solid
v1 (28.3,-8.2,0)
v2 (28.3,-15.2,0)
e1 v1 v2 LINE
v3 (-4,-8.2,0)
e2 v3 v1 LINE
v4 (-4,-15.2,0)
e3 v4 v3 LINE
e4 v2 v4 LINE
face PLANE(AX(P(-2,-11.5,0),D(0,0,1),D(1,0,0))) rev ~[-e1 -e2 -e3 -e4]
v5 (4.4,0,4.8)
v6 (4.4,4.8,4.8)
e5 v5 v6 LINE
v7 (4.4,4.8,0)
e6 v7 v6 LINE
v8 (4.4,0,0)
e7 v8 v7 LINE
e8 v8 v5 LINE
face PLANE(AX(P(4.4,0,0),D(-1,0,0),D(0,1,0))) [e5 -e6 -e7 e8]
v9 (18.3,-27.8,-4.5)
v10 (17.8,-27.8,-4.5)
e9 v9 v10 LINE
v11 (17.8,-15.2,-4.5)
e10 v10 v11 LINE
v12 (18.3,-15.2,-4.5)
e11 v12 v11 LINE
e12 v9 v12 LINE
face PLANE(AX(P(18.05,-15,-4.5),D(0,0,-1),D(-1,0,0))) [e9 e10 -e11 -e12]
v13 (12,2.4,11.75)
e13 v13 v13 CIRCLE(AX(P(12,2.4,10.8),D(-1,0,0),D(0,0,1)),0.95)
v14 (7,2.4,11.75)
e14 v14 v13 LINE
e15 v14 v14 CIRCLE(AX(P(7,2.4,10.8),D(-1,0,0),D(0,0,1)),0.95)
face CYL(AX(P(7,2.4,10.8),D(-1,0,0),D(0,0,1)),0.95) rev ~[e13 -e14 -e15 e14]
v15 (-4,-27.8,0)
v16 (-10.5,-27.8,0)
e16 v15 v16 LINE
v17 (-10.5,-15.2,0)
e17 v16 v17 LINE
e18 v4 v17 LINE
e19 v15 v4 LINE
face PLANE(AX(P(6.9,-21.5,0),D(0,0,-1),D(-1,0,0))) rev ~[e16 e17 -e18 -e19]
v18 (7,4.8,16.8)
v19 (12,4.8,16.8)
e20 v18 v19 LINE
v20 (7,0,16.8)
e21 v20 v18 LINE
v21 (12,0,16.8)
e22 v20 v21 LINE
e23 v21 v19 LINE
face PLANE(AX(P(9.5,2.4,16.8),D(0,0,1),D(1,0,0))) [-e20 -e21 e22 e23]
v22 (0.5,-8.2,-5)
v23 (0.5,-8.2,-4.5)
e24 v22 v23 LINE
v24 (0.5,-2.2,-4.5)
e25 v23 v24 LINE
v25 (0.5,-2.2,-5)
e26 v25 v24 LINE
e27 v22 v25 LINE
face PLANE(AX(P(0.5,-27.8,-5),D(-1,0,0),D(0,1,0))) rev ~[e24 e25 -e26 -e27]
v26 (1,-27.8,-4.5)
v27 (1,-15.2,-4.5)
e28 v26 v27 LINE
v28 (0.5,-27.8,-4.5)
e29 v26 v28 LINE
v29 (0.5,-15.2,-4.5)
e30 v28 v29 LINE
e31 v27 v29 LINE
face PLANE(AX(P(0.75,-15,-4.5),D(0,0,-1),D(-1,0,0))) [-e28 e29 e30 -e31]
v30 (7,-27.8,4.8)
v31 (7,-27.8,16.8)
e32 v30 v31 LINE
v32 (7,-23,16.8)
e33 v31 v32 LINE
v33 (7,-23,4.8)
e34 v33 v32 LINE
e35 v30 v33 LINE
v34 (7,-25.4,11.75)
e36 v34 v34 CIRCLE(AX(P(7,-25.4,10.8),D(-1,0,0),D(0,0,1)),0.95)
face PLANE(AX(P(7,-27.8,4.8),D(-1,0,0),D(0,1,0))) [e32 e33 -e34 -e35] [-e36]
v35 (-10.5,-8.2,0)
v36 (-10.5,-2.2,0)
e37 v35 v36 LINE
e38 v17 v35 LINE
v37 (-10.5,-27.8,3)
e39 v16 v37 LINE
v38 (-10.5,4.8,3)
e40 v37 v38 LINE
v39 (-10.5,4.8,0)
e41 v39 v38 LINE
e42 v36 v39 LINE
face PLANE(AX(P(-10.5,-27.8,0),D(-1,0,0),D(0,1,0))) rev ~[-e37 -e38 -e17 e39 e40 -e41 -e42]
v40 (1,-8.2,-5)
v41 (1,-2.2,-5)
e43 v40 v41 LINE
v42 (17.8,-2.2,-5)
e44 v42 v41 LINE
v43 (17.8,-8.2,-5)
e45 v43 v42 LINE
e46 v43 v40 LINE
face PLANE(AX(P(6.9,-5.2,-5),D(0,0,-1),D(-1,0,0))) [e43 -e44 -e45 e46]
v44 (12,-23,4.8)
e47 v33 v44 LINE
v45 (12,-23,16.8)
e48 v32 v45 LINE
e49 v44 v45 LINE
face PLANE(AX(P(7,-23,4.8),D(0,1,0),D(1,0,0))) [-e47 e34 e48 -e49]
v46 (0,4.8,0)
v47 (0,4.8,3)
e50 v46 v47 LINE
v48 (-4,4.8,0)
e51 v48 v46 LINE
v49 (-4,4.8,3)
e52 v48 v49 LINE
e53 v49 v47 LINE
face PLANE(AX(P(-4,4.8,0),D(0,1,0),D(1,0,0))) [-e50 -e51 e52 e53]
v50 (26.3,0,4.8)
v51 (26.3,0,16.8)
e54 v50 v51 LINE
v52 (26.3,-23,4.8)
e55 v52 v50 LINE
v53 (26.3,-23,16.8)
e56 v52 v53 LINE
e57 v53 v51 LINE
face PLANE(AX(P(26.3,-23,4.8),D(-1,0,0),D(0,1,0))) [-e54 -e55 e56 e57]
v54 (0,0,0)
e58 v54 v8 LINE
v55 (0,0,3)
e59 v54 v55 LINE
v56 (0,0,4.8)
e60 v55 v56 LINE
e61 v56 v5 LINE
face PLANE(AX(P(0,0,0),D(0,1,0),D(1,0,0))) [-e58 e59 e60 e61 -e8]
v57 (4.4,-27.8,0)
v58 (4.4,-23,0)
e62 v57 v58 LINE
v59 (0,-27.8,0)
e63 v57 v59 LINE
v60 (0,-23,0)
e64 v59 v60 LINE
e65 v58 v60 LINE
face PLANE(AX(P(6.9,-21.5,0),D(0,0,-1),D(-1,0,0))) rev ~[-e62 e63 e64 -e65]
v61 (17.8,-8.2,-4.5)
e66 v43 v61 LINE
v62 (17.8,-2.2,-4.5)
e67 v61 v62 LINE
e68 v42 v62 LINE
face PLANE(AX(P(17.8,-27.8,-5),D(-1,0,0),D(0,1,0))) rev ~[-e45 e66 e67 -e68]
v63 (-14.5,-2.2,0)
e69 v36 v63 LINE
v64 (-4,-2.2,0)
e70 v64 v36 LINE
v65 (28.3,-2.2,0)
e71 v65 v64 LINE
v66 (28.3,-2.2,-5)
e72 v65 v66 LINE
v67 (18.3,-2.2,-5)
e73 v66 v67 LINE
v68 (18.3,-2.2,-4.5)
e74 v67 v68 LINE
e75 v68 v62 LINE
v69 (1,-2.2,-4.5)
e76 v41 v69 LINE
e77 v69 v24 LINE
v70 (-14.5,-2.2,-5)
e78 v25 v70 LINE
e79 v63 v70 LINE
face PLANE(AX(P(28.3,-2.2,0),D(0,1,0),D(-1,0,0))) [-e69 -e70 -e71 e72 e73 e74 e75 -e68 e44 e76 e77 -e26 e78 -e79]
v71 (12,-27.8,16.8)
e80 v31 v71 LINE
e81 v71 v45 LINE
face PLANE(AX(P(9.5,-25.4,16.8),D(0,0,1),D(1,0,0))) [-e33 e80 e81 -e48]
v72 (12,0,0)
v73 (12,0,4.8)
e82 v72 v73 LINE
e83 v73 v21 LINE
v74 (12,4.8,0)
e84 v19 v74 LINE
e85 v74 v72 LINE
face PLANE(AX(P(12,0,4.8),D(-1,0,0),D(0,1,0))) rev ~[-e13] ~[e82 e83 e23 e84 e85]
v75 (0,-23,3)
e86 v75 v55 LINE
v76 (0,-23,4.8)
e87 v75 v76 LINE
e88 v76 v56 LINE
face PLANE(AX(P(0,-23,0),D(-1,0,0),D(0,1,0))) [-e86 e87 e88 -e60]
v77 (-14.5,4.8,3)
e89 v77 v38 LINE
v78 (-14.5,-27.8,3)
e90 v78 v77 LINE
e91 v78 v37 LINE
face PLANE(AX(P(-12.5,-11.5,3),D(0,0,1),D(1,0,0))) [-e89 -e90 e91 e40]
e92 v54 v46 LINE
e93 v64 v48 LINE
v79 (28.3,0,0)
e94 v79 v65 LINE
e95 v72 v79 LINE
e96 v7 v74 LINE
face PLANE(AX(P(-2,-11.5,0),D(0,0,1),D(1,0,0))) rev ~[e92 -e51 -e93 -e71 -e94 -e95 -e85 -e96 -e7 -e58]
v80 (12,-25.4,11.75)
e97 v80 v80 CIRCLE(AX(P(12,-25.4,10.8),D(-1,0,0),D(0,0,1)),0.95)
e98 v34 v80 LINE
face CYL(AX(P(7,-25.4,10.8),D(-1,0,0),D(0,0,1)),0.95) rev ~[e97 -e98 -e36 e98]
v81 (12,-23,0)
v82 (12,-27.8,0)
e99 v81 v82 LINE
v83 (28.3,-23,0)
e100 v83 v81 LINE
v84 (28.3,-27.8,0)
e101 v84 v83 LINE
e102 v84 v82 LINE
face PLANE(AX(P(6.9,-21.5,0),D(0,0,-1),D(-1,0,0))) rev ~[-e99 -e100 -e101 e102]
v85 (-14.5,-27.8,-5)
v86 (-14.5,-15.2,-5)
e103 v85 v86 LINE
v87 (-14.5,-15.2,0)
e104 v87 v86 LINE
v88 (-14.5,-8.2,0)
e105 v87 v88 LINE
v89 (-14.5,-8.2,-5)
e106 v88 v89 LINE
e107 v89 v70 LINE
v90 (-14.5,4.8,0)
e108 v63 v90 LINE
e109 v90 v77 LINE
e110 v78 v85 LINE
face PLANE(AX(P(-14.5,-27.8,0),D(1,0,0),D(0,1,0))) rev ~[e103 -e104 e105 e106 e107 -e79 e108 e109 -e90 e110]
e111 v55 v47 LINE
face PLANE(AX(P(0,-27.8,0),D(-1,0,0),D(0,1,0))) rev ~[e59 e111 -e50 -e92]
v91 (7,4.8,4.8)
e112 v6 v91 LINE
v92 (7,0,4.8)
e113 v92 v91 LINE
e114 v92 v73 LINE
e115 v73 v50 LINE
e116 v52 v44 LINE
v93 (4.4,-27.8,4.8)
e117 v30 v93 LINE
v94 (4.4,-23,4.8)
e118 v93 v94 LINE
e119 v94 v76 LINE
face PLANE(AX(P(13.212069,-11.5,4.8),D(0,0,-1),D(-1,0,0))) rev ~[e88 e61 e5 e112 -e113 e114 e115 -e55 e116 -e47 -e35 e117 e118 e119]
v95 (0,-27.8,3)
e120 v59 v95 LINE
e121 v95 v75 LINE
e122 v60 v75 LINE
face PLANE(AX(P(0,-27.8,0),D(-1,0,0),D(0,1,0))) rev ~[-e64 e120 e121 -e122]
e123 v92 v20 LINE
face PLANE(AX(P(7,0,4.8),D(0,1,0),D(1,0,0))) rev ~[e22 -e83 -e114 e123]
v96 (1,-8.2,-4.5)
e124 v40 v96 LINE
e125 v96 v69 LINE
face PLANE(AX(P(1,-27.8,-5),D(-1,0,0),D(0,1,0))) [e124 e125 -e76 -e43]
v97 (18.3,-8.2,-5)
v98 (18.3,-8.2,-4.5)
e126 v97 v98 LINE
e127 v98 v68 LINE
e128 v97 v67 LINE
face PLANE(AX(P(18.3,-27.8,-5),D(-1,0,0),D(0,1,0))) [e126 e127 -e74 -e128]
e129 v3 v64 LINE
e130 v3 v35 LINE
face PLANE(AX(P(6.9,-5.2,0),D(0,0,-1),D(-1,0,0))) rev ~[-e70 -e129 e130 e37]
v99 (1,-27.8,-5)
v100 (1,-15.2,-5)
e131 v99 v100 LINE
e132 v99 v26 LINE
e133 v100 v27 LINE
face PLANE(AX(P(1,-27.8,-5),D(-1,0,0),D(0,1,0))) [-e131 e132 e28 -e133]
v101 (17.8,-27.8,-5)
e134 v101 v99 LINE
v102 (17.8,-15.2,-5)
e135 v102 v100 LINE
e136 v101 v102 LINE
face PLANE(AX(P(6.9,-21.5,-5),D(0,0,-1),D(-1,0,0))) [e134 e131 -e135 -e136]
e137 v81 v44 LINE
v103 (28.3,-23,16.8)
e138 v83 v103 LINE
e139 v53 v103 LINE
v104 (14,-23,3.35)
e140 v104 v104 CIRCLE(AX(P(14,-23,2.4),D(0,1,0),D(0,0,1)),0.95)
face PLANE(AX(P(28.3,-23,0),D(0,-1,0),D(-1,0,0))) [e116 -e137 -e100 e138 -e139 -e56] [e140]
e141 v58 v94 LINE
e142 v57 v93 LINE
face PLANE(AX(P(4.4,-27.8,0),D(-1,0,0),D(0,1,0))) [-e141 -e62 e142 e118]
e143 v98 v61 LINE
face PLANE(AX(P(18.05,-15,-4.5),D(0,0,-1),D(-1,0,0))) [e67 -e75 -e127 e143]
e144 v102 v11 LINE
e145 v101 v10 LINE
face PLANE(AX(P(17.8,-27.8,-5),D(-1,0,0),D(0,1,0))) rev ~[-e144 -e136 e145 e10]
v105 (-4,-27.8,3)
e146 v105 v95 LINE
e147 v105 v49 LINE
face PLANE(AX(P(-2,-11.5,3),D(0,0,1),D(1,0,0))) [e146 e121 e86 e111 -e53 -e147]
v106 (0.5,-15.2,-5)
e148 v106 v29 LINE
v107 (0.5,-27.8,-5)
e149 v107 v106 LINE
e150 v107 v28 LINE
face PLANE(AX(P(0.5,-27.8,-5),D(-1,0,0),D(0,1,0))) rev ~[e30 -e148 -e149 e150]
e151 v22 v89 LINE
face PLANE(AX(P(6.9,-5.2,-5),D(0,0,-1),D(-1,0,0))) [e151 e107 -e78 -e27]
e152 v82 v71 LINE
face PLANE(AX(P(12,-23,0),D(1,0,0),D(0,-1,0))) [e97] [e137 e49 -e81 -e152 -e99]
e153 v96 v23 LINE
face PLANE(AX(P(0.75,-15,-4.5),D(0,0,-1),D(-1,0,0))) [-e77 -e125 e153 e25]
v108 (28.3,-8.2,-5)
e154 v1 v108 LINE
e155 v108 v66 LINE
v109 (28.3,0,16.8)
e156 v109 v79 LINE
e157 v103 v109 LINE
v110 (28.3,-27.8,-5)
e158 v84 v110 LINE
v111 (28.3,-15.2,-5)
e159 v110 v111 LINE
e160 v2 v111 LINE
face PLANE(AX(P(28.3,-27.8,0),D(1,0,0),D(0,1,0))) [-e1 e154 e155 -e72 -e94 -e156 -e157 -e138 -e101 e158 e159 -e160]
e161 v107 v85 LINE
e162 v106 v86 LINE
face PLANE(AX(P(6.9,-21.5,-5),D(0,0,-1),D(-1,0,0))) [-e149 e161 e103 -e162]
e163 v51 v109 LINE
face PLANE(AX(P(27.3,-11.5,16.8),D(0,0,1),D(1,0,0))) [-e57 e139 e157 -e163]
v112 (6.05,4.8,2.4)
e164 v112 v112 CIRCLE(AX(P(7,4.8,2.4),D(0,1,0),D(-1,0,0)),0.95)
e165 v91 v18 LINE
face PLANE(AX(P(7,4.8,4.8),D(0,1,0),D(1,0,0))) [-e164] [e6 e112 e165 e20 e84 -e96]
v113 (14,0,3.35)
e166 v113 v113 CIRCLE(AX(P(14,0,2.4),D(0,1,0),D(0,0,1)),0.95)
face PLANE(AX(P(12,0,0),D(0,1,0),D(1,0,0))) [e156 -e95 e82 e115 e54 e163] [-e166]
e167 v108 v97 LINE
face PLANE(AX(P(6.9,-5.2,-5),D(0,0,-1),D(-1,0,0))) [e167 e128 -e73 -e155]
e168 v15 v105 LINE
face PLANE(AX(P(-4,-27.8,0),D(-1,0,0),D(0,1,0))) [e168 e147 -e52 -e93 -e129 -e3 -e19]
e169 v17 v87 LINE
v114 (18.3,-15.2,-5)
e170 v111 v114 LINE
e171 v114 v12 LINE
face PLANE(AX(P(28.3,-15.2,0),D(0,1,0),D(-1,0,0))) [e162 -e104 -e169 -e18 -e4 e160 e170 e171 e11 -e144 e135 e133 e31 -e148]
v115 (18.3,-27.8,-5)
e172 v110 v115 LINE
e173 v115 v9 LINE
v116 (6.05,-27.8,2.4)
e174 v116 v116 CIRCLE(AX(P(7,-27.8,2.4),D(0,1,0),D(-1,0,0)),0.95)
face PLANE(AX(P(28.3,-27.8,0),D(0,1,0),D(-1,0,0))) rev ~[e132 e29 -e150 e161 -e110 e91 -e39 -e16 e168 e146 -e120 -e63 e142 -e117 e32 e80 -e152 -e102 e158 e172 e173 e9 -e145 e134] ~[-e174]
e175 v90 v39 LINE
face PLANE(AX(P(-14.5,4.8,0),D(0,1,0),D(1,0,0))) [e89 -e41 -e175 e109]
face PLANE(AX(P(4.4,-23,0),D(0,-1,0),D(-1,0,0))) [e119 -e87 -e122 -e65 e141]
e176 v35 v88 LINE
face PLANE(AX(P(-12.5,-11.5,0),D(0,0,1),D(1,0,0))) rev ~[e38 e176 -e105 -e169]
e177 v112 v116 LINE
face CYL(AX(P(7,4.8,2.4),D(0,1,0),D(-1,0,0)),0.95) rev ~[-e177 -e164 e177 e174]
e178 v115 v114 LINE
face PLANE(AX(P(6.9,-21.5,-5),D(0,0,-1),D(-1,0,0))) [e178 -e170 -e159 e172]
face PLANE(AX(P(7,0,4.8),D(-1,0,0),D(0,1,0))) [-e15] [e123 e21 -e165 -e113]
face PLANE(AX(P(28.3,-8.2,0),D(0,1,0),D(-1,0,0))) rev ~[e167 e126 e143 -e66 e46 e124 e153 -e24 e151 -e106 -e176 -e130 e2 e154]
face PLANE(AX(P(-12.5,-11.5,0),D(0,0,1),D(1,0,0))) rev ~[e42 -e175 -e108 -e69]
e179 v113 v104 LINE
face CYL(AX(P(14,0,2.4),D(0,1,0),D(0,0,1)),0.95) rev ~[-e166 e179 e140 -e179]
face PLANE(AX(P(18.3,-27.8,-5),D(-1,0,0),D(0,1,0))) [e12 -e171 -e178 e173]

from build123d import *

# Parameters (mm, degrees)
EXTRUDE_1_DEPTH     = 4.8
SKETCH_2_W          = 5
SKETCH_2_H          = 4.8
SKETCH_2_W_2        = 2
SKETCH_2_H_2        = 23
EXTRUDE_2_DEPTH     = 12
SKETCH_3_R          = 0.95
CUT_EXTRUDE_1_DEPTH = 5
SKETCH_6_R          = 0.95
CUT_EXTRUDE_4_DEPTH = 32
SKETCH_7_W          = 42.8
SKETCH_7_H          = 6
EXTRUDE_3_DEPTH     = 5
SKETCH_8_W          = 4
SKETCH_8_H          = 32.6
EXTRUDE_4_DEPTH     = 3
SKETCH_9_W          = 42.8
SKETCH_9_H          = 12.6
EXTRUDE_6_DEPTH     = 5
SKETCH_11_R         = 0.95
CUT_EXTRUDE_5_DEPTH = 47.323752007
SKETCH_12_W         = 0.5
SKETCH_12_H         = 25.6
CUT_EXTRUDE_6_DEPTH = 0.5


with BuildPart() as part:
    # 草图1 → 凸台-拉伸1 (new body)
    with BuildSketch(Plane.XY):
        Polygon((12, 0), (28.3, 0), (28.3, -23), (12, -23), (12, -27.8), (4.4, -27.8), (4.4, -23), (0, -23), (0, 0), (4.4, 0), (4.4, 4.8), (12, 4.8), align=None)
    extrude(amount=EXTRUDE_1_DEPTH)

    # 草图2 → 凸台-拉伸2 (add)
    with BuildSketch(Plane.XY.offset(4.8)):
        with Locations((9.5, 2.4)):
            Rectangle(SKETCH_2_W, SKETCH_2_H)
        with Locations((9.5, -25.4)):
            Rectangle(SKETCH_2_W, SKETCH_2_H)
        with Locations((27.3, -11.5)):
            Rectangle(SKETCH_2_W_2, SKETCH_2_H_2)
    extrude(amount=EXTRUDE_2_DEPTH)

    # 草图3 → 切除-拉伸1 (cut)
    with BuildSketch(Plane.ZY.offset(-7)):
        with Locations((10.8, 2.4)):
            Circle(SKETCH_3_R)
        with Locations((10.8, -25.4)):
            Circle(SKETCH_3_R)
    extrude(amount=-CUT_EXTRUDE_1_DEPTH, mode=Mode.SUBTRACT)

    # 草图6 → 切除-拉伸4 (cut)
    with BuildSketch(Plane(origin=(0, 0, 0), x_dir=(1, 0, 0), z_dir=(0, 1, 0))):
        with Locations(Location((14, -2.4, 0), (0, 0, 270))):
            Circle(SKETCH_6_R)
    extrude(amount=-CUT_EXTRUDE_4_DEPTH, mode=Mode.SUBTRACT)

    # 草图7 → 凸台-拉伸3 (add)
    with BuildSketch(Plane(origin=(0, 0, 0), x_dir=(-1, 0, 0), z_dir=(0, 0, -1))):
        with Locations((-6.9, -5.2)):
            Rectangle(SKETCH_7_W, SKETCH_7_H)
    extrude(amount=EXTRUDE_3_DEPTH)

    # 草图8 → 凸台-拉伸4 (add)
    with BuildSketch(Plane.XY):
        with Locations((-2, -11.5)):
            Rectangle(SKETCH_8_W, SKETCH_8_H)
        with Locations((-12.5, -11.5)):
            Rectangle(SKETCH_8_W, SKETCH_8_H)
    extrude(amount=EXTRUDE_4_DEPTH)

    # 草图9 → 凸台-拉伸6 (add)
    with BuildSketch(Plane(origin=(0, 0, 0), x_dir=(-1, 0, 0), z_dir=(0, 0, -1))):
        with Locations((-6.9, -21.5)):
            Rectangle(SKETCH_9_W, SKETCH_9_H)
    extrude(amount=EXTRUDE_6_DEPTH)

    # 草图11 → 切除-拉伸5 (cut, through all)
    with BuildSketch(Plane(origin=(0, 4.8, 0), x_dir=(1, 0, 0), z_dir=(0, 1, 0))):
        with Locations(Location((7, -2.4, 0), (0, 0, 180))):
            Circle(SKETCH_11_R)
    extrude(amount=-CUT_EXTRUDE_5_DEPTH, mode=Mode.SUBTRACT)

    # 草图12 → 切除-拉伸6 (cut)
    with BuildSketch(Plane(origin=(0, 0, -5), x_dir=(-1, 0, 0), z_dir=(0, 0, -1))):
        with Locations((-18.05, -15)):
            Rectangle(SKETCH_12_W, SKETCH_12_H)
        with Locations((-0.75, -15)):
            Rectangle(SKETCH_12_W, SKETCH_12_H)
    extrude(amount=-CUT_EXTRUDE_6_DEPTH, mode=Mode.SUBTRACT)


solid = part.part
